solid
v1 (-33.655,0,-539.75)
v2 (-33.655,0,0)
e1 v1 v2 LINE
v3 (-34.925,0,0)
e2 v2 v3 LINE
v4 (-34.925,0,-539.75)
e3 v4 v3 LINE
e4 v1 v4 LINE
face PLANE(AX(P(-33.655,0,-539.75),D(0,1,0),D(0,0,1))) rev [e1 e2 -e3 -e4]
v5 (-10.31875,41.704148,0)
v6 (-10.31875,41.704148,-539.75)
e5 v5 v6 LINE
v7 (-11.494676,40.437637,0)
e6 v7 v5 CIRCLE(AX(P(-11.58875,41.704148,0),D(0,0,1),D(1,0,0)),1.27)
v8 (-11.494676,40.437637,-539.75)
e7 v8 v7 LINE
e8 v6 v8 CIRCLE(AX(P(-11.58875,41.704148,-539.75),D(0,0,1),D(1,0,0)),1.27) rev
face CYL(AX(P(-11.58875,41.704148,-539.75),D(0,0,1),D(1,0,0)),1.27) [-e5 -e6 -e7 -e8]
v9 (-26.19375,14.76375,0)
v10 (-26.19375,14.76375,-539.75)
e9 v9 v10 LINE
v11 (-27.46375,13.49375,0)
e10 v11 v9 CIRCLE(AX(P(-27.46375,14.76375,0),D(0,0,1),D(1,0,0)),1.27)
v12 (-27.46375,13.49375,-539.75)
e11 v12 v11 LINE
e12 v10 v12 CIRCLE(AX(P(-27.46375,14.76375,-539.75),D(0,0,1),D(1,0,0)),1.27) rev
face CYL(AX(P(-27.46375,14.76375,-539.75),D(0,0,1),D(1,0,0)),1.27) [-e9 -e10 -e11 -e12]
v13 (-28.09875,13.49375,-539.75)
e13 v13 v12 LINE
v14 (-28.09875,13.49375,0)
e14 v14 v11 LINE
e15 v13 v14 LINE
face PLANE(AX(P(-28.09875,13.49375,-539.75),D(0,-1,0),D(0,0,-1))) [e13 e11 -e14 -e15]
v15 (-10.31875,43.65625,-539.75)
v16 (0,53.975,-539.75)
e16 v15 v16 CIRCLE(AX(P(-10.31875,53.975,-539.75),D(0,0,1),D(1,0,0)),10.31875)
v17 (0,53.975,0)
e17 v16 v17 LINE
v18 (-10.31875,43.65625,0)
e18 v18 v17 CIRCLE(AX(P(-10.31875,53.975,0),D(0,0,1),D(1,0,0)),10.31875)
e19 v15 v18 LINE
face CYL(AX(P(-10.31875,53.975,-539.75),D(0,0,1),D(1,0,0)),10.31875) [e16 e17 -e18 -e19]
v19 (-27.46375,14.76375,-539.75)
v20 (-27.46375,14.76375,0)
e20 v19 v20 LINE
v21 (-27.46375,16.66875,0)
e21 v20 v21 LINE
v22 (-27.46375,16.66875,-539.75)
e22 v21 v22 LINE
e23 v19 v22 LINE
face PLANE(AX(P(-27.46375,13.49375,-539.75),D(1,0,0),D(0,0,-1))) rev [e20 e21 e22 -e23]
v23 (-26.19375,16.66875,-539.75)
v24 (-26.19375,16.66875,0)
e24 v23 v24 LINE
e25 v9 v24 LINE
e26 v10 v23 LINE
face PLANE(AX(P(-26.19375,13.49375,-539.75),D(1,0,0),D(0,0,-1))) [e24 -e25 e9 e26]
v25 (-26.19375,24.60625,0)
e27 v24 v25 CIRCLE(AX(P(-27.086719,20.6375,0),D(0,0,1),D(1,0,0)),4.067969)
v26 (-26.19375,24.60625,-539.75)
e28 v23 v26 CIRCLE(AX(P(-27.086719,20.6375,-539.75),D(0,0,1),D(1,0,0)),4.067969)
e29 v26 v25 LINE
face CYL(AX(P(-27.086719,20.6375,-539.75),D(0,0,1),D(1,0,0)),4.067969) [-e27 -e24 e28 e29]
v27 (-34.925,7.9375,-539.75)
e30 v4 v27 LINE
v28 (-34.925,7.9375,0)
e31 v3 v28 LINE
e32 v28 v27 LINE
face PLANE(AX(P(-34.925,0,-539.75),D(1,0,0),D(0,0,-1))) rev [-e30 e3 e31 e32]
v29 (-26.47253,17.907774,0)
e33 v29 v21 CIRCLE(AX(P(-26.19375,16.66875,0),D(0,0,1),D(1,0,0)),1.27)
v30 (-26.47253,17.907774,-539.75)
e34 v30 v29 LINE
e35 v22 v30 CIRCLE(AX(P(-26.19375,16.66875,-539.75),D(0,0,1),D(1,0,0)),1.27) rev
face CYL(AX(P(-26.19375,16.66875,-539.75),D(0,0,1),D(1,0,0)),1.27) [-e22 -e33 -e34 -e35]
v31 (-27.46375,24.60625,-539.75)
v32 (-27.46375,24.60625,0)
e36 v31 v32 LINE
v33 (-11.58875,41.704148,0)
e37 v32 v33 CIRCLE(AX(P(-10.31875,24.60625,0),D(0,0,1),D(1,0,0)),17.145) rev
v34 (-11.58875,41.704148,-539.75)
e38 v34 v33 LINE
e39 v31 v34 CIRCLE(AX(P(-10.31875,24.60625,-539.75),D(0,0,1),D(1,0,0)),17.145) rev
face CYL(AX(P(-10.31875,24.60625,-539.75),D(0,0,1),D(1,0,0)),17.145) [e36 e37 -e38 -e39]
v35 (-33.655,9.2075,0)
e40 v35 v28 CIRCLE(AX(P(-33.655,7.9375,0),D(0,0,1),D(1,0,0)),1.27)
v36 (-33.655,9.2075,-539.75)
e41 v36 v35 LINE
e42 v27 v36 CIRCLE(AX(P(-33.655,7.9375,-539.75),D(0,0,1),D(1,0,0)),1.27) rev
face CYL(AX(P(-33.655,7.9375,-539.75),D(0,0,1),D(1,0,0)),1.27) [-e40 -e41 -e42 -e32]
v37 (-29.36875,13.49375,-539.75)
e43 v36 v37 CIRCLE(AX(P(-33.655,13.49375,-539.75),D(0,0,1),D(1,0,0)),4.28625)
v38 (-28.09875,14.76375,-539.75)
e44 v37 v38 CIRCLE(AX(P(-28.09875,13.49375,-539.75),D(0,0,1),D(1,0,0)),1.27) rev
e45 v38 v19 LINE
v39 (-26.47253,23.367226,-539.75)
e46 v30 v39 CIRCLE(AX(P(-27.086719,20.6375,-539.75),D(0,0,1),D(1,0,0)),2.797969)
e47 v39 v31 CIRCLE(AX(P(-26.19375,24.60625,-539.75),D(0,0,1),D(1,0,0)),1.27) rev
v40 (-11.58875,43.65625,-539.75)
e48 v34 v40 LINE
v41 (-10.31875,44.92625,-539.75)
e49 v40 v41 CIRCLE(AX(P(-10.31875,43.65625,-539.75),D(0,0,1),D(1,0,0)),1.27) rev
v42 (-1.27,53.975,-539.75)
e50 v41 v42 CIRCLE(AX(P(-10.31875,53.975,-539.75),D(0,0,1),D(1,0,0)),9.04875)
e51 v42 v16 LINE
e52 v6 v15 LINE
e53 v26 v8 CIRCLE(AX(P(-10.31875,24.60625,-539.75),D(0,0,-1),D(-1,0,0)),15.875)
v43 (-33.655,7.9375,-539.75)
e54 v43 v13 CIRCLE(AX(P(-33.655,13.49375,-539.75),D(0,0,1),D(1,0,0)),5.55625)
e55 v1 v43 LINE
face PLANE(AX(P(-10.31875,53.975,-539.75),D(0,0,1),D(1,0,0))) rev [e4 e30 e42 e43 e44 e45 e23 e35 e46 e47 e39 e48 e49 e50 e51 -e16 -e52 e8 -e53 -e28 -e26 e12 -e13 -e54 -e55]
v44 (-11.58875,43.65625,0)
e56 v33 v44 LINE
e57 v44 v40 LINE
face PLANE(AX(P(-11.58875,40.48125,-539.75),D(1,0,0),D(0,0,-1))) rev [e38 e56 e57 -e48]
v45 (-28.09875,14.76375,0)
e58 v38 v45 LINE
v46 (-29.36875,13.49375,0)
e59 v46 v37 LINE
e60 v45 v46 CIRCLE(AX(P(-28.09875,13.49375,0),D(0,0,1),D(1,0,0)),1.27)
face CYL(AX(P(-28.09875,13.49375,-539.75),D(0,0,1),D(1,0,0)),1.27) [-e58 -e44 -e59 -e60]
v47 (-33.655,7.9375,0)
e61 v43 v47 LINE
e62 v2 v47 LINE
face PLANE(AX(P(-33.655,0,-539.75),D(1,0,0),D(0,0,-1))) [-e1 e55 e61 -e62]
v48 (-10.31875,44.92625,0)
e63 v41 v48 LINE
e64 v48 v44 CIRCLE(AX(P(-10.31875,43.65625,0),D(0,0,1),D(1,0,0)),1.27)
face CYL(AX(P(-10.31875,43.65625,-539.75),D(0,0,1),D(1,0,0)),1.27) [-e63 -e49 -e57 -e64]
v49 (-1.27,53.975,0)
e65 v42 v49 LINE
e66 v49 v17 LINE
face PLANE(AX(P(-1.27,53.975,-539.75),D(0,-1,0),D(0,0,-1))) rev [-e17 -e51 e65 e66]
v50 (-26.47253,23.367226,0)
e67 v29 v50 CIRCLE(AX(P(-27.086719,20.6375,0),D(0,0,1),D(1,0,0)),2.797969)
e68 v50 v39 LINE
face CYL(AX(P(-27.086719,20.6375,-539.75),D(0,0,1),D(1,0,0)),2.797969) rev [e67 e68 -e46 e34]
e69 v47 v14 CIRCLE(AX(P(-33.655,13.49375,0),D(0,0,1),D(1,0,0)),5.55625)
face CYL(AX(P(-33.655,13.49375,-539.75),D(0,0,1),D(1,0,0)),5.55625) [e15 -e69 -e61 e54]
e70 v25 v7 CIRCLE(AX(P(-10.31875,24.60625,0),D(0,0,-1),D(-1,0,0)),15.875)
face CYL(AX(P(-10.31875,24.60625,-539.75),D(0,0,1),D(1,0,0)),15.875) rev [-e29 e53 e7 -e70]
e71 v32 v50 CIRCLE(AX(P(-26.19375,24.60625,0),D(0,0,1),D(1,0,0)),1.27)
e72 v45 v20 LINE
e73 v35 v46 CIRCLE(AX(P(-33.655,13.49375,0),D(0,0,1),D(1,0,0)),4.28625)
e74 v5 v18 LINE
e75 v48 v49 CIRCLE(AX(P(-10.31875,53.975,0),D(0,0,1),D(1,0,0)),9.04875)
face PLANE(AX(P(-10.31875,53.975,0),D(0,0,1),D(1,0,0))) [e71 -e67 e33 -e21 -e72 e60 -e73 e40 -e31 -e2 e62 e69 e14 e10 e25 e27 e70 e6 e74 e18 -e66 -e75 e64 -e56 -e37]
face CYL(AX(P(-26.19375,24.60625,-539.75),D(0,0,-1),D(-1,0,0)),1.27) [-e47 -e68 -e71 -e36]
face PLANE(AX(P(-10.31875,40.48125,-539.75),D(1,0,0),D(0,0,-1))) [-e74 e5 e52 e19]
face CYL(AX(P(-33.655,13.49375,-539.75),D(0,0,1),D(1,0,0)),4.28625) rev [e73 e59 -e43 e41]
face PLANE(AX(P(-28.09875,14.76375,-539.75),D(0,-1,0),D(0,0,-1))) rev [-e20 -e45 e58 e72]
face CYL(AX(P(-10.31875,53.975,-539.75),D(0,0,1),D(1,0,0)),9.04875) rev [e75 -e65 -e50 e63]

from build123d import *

# Parameters (mm, degrees)
EXTRUDE_THIN1_DEPTH = 539.75
FILLET1_R           = 1.27


with BuildPart() as part:
    # Sketch1 → Extrude-Thin1 (new body)
    with BuildSketch(Plane.XY):
        with BuildLine():
            Line((-33.655, 0), (-33.655, 7.9375))
            ThreePointArc((-33.655, 7.9375), (-29.726138, 9.564888), (-28.09875, 13.49375))
            Line((-28.09875, 13.49375), (-26.19375, 13.49375))
            Line((-26.19375, 13.49375), (-26.19375, 16.66875))
            ThreePointArc((-26.19375, 16.66875), (-23.01875, 20.6375), (-26.19375, 24.60625))
            ThreePointArc((-26.19375, 24.60625), (-21.54407, 35.83157), (-10.31875, 40.48125))
            Line((-10.31875, 40.48125), (-10.31875, 43.65625))
            ThreePointArc((-10.31875, 43.65625), (-3.022292, 46.678542), (0, 53.975))
            Line((0, 53.975), (-1.27, 53.975))
            ThreePointArc((-1.27, 53.975), (-4.386298, 47.142292), (-11.58875, 45.015816))
            Line((-11.58875, 45.015816), (-11.58875, 41.704148))
            ThreePointArc((-11.58875, 41.704148), (-23.280923, 35.828241), (-27.422334, 23.415267))
            ThreePointArc((-27.422334, 23.415267), (-24.288828, 20.616622), (-27.46375, 17.86505))
            Line((-27.46375, 17.86505), (-27.46375, 14.76375))
            Line((-27.46375, 14.76375), (-29.561219, 14.76375))
            ThreePointArc((-29.561219, 14.76375), (-30.624164, 10.462914), (-34.925, 9.399969))
            Line((-34.925, 9.399969), (-34.925, 0))
            Line((-34.925, 0), (-33.655, 0))
        make_face()
    extrude(amount=-EXTRUDE_THIN1_DEPTH)

    # Fillet1
    fillet1_edges = [part.edges().sort_by_distance(p)[0] for p in [
        (-10.31875, 40.48125, -269.875),
        (-26.19375, 13.49375, -269.875),
        (-34.925, 9.399969, -269.875),
        (-29.561219, 14.76375, -269.875),
        (-27.46375, 17.86505, -269.875),
        (-27.422334, 23.415267, -269.875),
        (-11.58875, 45.015816, -269.875),
    ]]
    fillet(fillet1_edges, radius=FILLET1_R)


solid = part.part
